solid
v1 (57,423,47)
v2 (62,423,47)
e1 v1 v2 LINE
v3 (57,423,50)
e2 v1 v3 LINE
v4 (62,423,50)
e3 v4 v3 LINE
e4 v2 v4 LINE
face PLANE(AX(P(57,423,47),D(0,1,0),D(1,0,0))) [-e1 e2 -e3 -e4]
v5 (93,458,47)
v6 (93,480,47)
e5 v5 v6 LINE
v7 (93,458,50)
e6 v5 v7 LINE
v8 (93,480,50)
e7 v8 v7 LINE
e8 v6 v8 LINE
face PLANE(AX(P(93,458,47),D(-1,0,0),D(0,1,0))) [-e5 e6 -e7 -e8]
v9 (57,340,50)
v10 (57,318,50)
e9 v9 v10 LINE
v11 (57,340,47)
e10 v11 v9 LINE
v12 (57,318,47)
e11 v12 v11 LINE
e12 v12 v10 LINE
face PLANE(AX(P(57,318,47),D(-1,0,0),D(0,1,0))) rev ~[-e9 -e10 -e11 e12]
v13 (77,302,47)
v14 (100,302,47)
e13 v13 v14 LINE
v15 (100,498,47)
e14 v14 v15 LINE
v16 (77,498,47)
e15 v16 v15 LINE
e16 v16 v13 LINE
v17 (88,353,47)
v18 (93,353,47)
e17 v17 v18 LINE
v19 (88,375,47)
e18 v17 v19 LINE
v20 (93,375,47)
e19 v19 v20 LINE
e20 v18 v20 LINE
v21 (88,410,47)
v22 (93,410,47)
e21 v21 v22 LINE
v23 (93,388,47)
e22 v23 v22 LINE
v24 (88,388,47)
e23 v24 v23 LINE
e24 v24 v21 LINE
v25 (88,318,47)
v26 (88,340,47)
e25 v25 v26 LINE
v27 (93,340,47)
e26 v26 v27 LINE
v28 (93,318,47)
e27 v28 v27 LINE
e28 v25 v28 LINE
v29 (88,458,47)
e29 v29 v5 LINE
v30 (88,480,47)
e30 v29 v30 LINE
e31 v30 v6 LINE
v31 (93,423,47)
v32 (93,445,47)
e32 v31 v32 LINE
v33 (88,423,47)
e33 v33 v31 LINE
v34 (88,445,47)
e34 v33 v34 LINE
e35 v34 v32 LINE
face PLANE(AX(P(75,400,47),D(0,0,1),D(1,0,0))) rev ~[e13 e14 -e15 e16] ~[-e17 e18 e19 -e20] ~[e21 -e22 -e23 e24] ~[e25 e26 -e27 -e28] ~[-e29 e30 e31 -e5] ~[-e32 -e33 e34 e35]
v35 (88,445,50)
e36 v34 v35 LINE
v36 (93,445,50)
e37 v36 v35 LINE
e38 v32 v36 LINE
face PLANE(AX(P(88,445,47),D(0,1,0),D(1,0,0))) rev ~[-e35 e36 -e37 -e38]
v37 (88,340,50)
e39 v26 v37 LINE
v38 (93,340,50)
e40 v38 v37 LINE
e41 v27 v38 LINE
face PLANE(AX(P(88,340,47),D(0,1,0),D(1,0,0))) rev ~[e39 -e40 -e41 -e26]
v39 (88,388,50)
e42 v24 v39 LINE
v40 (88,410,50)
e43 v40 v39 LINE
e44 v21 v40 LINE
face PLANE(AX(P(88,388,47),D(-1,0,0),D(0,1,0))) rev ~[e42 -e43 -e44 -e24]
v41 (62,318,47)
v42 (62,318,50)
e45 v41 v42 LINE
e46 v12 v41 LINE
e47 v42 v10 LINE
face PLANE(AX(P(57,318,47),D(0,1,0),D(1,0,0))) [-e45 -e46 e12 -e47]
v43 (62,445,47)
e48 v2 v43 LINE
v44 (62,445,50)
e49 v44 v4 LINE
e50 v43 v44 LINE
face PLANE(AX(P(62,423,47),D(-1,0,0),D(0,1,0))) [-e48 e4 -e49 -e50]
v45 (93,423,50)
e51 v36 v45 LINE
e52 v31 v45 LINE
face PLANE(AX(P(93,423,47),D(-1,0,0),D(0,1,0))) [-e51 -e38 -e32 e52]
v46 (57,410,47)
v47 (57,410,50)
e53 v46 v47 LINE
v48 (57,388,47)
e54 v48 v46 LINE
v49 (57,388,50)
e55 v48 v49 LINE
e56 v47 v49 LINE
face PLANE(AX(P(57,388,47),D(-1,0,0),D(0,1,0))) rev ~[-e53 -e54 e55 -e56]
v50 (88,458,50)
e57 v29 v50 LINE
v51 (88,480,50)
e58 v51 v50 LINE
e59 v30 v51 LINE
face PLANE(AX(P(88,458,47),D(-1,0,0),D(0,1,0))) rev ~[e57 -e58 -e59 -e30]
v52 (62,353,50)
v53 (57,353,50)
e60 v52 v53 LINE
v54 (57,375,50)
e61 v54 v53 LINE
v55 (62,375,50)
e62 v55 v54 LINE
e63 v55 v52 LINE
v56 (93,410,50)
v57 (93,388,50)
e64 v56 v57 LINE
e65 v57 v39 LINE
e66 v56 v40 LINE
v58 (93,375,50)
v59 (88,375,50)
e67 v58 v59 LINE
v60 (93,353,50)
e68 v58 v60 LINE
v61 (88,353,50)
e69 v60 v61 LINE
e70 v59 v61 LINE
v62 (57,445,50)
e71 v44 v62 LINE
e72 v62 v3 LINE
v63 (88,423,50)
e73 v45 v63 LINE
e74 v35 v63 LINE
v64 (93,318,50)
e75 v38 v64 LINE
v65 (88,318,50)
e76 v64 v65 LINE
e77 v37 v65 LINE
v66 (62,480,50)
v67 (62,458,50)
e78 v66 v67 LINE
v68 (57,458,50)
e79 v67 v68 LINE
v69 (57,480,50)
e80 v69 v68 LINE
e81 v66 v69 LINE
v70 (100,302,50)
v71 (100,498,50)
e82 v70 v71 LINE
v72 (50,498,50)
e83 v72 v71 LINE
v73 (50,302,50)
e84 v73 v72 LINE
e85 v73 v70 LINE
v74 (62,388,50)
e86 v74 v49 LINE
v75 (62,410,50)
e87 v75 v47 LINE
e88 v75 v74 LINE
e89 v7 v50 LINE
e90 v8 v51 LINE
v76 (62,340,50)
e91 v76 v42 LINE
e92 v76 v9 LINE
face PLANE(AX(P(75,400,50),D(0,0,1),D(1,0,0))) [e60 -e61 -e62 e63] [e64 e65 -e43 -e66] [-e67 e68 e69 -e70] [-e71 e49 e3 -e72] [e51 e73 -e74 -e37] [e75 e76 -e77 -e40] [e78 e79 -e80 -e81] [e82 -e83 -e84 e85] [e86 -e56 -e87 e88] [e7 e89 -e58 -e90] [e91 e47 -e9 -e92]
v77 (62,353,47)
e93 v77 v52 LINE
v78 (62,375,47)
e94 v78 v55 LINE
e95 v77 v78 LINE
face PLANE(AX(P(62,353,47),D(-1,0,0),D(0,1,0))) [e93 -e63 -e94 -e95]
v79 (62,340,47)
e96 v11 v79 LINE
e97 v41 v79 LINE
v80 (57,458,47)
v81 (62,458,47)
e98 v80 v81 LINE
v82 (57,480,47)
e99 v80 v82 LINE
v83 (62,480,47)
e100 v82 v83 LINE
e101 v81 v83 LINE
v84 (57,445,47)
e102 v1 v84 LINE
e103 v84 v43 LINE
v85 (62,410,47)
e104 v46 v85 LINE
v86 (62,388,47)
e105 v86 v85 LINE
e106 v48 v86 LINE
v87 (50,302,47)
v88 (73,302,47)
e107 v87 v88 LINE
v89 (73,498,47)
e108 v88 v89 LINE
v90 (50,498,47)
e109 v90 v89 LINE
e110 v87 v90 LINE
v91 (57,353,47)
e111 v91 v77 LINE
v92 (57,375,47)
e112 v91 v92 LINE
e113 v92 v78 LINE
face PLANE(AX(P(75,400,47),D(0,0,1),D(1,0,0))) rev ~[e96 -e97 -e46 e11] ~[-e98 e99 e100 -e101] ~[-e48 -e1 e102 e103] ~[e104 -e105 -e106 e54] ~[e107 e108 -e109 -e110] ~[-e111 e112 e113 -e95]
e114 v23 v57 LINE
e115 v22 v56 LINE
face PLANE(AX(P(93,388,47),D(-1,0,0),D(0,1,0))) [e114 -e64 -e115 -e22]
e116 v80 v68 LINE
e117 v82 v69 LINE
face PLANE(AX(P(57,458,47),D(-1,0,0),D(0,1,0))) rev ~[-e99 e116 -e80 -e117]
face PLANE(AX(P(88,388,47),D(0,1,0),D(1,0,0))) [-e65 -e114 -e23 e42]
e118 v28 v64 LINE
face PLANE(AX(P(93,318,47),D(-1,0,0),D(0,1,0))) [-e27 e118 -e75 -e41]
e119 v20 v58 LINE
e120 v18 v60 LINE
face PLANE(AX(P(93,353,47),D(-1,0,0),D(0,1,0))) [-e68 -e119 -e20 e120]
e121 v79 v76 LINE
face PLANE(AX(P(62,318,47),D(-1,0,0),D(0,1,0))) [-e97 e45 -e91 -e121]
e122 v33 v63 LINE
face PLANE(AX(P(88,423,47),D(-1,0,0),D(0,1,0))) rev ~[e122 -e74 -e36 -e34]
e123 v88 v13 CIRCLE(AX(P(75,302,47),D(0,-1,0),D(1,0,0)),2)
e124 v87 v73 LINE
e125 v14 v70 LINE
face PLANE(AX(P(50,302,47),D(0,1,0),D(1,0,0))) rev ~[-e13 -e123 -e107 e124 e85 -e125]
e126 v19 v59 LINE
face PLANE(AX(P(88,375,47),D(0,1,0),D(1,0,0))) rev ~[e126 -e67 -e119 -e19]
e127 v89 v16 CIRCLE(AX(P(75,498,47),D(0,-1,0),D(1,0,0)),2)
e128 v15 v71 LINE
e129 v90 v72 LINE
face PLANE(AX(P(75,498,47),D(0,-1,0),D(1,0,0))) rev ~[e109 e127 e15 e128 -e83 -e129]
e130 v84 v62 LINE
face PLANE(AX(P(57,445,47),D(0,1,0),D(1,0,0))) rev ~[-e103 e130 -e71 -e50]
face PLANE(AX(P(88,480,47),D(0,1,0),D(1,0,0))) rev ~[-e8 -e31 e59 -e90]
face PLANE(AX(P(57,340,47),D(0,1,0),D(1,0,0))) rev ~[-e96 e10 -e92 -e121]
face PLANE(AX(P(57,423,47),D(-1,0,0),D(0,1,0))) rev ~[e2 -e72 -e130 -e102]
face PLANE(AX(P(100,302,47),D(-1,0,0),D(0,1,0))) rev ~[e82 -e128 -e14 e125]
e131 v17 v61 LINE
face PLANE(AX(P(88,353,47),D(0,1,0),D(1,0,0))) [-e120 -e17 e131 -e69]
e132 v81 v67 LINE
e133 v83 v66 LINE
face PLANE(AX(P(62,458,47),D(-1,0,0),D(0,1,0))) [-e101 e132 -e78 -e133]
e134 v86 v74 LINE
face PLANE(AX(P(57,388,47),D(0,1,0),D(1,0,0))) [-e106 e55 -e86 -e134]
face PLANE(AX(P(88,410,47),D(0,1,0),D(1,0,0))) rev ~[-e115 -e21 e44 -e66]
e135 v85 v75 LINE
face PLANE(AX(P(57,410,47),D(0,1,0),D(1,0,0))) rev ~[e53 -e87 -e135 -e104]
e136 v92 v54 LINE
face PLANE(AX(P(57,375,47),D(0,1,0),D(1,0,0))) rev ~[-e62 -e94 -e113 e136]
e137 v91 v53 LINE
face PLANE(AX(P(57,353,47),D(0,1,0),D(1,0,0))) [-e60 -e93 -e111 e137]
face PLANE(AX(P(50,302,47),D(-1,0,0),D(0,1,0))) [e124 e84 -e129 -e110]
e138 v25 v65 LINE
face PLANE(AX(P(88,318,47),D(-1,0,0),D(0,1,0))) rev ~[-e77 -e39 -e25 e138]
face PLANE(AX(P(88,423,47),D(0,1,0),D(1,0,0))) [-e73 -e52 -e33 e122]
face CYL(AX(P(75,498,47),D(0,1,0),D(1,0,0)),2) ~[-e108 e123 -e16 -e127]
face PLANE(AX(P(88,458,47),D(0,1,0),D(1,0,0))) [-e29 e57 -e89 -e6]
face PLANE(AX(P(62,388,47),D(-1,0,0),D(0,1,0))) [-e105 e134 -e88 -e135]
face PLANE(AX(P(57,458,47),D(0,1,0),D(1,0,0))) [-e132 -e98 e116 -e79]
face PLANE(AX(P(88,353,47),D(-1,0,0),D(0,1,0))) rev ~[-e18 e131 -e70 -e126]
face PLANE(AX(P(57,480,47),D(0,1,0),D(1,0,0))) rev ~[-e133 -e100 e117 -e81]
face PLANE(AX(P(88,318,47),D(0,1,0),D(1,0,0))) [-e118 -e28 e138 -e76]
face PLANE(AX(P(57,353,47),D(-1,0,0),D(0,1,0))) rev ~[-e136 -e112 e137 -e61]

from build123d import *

# Parameters (mm, degrees)
BOX033_W          = 5
BOX033_H          = 22
BOX033_DEPTH      = 5
ARRAY004_Y_COUNT  = 5
ARRAY004_Y_PITCH  = 35
BOX032_W          = 5
BOX032_H          = 22
BOX032_DEPTH      = 5
ARRAY003_Y_COUNT  = 5
ARRAY003_Y_PITCH  = 35
CYLINDER012_R     = 2
CYLINDER012_DEPTH = 196
BOX031_W          = 50
BOX031_H          = 196
BOX031_DEPTH      = 3


with BuildPart() as array004:
    # Box033 → Box033 (new body)
    with BuildSketch(Plane.XY):
        with Locations((2.5, 11)):
            Rectangle(BOX033_W, BOX033_H)
    extrude(amount=BOX033_DEPTH)

    # Array004 Y: Array004 ×5


with BuildPart() as array004_1:
    add(array004.part)
    with Locations(*[(0, i * ARRAY004_Y_PITCH, 0) for i in range(1, ARRAY004_Y_COUNT)]):
        add(array004.part)


with BuildPart() as array004_2:
    # Array004 placement: moved
    add(array004_1.part.moved(Location((88, 318, 47))))


with BuildPart() as array003:
    # Box032 → Box032 (new body)
    with BuildSketch(Plane.XY):
        with Locations((2.5, 11)):
            Rectangle(BOX032_W, BOX032_H)
    extrude(amount=BOX032_DEPTH)

    # Array003 Y: Array003 ×5


with BuildPart() as array003_1:
    add(array003.part)
    with Locations(*[(0, i * ARRAY003_Y_PITCH, 0) for i in range(1, ARRAY003_Y_COUNT)]):
        add(array003.part)


with BuildPart() as array003_2:
    # Array003 placement: moved
    add(array003_1.part.moved(Location((57, 318, 47))))


with BuildPart() as soporte_electronica_refuerzo:
    # Cylinder012 → Cylinder012 (new body)
    with BuildSketch(Plane(origin=(75, 498, 47), x_dir=(1, 0, 0), z_dir=(0, -1, 0))):
        Circle(CYLINDER012_R)
    extrude(amount=CYLINDER012_DEPTH)


with BuildPart() as soporte_electronica_con_agujeros:
    # Box031 → Box031 (new body)
    with BuildSketch(Plane(origin=(50, 302, 47), x_dir=(1, 0, 0), z_dir=(0, 0, 1))):
        with Locations((25, 98)):
            Rectangle(BOX031_W, BOX031_H)
    extrude(amount=BOX031_DEPTH)

    # Fusion012: union soporte-electronica-refuerzo
    add(soporte_electronica_refuerzo.part)

    # Cut021005: cut Array003
    add(array003_2.part, mode=Mode.SUBTRACT)

    # Cut021006: cut Array004
    add(array004_2.part, mode=Mode.SUBTRACT)


solid = soporte_electronica_con_agujeros.part
